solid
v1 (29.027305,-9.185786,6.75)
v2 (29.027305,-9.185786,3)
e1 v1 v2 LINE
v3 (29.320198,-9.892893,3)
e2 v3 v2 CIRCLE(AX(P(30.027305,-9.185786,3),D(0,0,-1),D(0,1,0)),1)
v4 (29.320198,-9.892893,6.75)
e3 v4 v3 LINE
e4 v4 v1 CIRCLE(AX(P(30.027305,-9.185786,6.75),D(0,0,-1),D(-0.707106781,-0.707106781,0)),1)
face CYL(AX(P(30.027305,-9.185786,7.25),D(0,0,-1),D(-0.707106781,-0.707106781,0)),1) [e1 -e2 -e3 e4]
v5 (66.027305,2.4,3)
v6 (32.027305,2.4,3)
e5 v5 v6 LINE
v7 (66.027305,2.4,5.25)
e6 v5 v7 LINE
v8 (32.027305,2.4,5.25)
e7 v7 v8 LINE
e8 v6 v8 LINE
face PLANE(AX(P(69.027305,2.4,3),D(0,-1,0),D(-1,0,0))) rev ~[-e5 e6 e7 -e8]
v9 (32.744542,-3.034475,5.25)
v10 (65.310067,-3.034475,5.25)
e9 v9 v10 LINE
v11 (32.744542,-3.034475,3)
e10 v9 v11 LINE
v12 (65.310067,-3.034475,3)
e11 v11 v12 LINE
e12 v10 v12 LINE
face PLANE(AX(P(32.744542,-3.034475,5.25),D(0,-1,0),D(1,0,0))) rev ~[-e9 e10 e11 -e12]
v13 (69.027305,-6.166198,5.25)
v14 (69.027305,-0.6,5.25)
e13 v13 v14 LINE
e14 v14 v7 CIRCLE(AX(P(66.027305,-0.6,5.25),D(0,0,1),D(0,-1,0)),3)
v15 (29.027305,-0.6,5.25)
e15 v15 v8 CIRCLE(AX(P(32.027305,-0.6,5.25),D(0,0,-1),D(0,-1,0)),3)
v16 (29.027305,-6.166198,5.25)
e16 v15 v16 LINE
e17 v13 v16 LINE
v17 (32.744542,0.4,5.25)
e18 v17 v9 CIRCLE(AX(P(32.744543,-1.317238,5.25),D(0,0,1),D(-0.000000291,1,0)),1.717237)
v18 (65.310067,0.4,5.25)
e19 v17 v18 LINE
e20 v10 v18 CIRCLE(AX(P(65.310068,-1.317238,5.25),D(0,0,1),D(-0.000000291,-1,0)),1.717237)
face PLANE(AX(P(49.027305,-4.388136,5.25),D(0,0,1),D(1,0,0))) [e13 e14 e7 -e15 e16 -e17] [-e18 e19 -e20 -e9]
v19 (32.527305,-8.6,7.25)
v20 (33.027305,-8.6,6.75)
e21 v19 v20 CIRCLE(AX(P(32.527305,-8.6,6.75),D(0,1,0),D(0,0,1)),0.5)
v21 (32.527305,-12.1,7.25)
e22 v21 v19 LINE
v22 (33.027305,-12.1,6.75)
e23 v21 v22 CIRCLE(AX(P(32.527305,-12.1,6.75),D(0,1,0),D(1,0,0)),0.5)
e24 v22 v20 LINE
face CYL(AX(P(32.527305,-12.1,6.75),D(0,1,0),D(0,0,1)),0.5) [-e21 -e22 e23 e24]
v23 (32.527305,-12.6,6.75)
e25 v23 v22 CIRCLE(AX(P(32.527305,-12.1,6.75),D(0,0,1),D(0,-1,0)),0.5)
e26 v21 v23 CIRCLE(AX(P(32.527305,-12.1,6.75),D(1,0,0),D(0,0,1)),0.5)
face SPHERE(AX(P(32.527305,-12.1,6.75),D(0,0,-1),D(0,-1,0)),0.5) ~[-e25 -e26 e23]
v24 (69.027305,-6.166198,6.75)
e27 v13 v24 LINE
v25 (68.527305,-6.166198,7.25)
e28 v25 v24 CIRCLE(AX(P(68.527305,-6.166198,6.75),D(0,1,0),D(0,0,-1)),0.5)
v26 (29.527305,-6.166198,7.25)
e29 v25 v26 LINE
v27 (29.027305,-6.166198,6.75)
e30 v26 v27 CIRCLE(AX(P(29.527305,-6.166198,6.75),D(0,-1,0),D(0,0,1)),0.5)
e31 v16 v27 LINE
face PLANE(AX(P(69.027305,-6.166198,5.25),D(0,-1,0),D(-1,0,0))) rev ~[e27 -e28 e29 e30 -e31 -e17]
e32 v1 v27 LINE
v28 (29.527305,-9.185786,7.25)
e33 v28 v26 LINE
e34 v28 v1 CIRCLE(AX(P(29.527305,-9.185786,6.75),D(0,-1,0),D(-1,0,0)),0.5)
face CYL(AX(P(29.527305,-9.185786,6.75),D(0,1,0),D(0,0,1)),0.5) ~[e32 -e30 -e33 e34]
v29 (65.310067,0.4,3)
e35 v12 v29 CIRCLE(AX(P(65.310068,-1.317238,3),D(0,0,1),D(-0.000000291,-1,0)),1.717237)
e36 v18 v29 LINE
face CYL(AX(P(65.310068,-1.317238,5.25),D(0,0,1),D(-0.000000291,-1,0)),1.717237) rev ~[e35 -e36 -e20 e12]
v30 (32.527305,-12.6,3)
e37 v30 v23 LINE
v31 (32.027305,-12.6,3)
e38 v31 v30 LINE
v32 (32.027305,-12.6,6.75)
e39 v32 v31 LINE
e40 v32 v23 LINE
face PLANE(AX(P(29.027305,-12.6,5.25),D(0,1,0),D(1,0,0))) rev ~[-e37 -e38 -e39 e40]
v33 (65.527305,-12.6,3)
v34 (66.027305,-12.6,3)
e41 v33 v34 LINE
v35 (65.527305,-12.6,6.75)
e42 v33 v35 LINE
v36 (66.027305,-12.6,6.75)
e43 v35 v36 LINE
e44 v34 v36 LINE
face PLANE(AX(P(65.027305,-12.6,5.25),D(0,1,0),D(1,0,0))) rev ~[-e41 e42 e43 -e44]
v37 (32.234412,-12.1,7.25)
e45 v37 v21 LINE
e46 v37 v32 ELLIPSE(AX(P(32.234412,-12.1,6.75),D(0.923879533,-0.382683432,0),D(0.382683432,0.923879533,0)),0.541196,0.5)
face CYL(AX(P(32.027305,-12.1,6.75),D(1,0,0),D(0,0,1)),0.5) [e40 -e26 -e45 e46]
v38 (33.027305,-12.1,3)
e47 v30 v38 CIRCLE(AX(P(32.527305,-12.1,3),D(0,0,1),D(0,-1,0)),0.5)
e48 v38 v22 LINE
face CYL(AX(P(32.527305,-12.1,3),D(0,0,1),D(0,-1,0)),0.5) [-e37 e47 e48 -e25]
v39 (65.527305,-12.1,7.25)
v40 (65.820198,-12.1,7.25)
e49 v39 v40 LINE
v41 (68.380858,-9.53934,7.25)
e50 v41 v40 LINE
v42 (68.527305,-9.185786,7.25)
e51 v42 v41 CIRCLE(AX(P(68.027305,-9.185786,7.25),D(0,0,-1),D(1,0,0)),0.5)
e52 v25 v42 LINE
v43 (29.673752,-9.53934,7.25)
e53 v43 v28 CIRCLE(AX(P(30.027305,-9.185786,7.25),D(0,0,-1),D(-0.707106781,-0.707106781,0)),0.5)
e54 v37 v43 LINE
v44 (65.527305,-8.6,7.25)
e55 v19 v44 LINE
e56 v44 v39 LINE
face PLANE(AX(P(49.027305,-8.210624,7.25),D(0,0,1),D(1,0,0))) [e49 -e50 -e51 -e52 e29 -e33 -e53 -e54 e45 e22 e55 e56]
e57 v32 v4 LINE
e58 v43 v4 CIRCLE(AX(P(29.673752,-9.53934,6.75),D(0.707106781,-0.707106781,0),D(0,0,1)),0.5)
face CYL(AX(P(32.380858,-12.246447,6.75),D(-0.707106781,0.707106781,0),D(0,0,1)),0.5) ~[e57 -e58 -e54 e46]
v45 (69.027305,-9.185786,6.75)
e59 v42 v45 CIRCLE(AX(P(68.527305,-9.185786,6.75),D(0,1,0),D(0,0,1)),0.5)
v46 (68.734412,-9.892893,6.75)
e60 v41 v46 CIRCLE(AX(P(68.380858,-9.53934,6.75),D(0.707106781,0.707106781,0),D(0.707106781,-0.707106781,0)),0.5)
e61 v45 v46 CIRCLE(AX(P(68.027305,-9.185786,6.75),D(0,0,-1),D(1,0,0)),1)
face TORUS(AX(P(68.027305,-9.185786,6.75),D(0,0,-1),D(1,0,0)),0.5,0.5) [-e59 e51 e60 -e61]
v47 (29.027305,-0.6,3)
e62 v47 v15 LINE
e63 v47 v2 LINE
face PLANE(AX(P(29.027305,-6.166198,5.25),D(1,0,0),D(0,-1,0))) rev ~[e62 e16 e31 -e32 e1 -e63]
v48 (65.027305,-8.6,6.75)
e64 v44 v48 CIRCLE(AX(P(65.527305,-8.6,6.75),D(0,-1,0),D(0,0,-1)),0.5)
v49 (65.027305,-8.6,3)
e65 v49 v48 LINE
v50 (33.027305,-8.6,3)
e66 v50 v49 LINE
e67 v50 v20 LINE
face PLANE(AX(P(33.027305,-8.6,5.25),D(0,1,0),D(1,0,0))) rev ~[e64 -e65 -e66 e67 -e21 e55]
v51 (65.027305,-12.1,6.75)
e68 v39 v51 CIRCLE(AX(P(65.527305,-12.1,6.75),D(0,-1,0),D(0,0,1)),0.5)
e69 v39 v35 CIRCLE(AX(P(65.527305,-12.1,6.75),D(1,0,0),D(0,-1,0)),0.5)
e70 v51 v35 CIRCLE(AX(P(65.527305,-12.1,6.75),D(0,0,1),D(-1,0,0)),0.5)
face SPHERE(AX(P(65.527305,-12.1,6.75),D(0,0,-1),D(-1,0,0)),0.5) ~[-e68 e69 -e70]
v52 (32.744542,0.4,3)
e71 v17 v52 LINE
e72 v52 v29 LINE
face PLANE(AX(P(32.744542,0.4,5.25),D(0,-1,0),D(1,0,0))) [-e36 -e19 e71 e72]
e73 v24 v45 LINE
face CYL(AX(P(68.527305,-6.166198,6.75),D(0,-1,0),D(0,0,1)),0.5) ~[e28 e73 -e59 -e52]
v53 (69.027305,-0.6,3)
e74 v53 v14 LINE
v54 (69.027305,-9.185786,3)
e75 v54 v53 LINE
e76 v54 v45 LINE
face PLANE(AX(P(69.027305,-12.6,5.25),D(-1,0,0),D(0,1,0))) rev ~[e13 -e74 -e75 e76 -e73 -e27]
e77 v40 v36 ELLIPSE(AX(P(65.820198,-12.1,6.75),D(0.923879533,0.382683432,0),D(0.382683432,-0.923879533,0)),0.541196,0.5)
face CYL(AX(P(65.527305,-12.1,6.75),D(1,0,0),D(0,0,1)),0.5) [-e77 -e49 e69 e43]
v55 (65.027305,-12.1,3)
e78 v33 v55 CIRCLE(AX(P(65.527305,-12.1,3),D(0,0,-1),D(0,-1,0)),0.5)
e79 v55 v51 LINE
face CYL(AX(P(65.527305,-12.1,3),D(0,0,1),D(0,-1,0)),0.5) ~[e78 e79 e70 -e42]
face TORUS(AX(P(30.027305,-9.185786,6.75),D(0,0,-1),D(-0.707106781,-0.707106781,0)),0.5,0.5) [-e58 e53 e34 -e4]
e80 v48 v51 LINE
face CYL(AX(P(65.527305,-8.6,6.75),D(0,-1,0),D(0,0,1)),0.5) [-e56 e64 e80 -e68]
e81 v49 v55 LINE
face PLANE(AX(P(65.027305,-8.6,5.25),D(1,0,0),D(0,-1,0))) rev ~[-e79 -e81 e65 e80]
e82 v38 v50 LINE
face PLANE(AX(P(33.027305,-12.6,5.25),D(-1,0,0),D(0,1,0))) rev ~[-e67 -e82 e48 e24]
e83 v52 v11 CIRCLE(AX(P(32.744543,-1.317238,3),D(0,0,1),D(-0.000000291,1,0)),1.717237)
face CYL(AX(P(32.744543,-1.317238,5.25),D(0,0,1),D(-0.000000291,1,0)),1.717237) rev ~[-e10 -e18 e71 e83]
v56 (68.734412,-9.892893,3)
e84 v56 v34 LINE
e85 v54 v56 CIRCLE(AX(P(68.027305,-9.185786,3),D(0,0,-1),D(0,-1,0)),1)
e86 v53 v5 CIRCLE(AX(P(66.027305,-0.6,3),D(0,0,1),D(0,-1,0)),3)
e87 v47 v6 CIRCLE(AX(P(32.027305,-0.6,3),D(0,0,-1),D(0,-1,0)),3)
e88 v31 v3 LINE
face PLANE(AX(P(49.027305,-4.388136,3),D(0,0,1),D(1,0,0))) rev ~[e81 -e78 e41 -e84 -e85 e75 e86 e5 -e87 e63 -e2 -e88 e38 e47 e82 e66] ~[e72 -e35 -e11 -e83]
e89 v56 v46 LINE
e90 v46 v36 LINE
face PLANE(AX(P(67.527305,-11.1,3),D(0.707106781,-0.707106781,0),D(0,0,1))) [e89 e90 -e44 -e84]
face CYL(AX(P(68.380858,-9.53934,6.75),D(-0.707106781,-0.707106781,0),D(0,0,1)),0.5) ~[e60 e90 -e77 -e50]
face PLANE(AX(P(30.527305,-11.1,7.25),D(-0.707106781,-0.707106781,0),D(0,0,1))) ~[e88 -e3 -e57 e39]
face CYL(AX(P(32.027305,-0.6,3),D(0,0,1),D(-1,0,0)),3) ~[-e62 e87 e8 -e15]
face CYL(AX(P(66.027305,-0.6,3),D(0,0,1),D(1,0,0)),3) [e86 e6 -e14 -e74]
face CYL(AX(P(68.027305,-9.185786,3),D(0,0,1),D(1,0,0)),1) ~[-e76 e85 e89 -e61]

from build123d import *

# Parameters (mm, degrees)
PAD_DEPTH       = 2.25
POCKET_DEPTH    = 5
PAD009_DEPTH    = 2
FILLET003_R     = 0.5
CHAMFER001_SIZE = 3
FILLET004_R     = 1
FILLET008_R     = 0.5
FILLET009_R     = 3


with BuildPart() as part:
    # Sketch → Pad (new body)
    with BuildSketch(Plane.XY):
        Polygon((-0.972695, 0), (3.027305, 0), (3.027305, 4), (35.027305, 4), (35.027305, 0), (39.027305, 0), (39.027305, 15), (-0.972695, 15), align=None)
    extrude(amount=PAD_DEPTH)

    # Sketch002 → Pocket (cut)
    with BuildSketch(Plane.XY.offset(2.25)):
        with BuildLine():
            ThreePointArc((2.744542, 13), (1.027305, 11.282763), (2.744542, 9.565525))
            Line((2.744542, 9.565525), (35.310067, 9.565525))
            ThreePointArc((35.310067, 9.565525), (37.027305, 11.282763), (35.310067, 13))
            Line((2.744542, 13), (35.310067, 13))
        make_face()
    extrude(amount=-POCKET_DEPTH, mode=Mode.SUBTRACT)

    # Sketch012 (on Face5 of Pocket) → Pad009 (join)
    with BuildSketch(Plane.XY.offset(2.25)):
        Polygon((-0.972695, 0), (3.027305, 0), (3.027305, 4), (35.027305, 4), (35.027305, 0), (39.027305, 0), (39.027305, 6.433802), (-0.972695, 6.433802), align=None)
    extrude(amount=PAD009_DEPTH)

    # Fillet003
    fillet003_edges = [part.edges().sort_by_distance(p)[0] for p in [
        (3.027305, 0, 1.125),
        (3.027305, 0, 3.25),
        (35.027305, 0, 1.125),
        (35.027305, 0, 3.25),
    ]]
    fillet(fillet003_edges, radius=FILLET003_R)

    # Chamfer001
    chamfer001_edges = [part.edges().sort_by_distance(p)[0] for p in [
        (-0.972695, 0, 1.125),
        (-0.972695, 0, 3.25),
        (39.027305, 0, 1.125),
        (39.027305, 0, 3.25),
    ]]
    chamfer(chamfer001_edges, length=CHAMFER001_SIZE)

    # Fillet004
    fillet004_edges = [part.edges().sort_by_distance(p)[0] for p in [
        (39.027305, 3, 3.25),
        (39.027305, 3, 1.125),
        (-0.972695, 3, 3.25),
        (-0.972695, 3, 1.125),
    ]]
    fillet(fillet004_edges, radius=FILLET004_R)

    # Fillet008
    fillet008_edges = [part.edges().sort_by_distance(p)[0] for p in [
        (0.673752, 1.353553, 4.25),
        (2.277305, 0, 4.25),
        (2.880858, 0.146447, 4.25),
        (3.027305, 2.25, 4.25),
        (-0.896575, 3.03153, 4.25),
        (-0.972695, 4.924008, 4.25),
        (35.027305, 2.25, 4.25),
        (35.173752, 0.146447, 4.25),
        (35.777305, 0, 4.25),
        (37.380858, 1.353553, 4.25),
        (38.951184, 3.03153, 4.25),
        (39.027305, 4.924008, 4.25),
    ]]
    fillet(fillet008_edges, radius=FILLET008_R)

    # Fillet009
    fillet009_edges = [part.edges().sort_by_distance(p)[0] for p in [
        (-0.972695, 15, 1.125),
        (39.027305, 15, 1.125),
    ]]
    fillet(fillet009_edges, radius=FILLET009_R)


with BuildPart() as part_1:
    # Body placement: moved
    add(part.part.moved(Location((30, -12.6, 3))))


solid = part_1.part
